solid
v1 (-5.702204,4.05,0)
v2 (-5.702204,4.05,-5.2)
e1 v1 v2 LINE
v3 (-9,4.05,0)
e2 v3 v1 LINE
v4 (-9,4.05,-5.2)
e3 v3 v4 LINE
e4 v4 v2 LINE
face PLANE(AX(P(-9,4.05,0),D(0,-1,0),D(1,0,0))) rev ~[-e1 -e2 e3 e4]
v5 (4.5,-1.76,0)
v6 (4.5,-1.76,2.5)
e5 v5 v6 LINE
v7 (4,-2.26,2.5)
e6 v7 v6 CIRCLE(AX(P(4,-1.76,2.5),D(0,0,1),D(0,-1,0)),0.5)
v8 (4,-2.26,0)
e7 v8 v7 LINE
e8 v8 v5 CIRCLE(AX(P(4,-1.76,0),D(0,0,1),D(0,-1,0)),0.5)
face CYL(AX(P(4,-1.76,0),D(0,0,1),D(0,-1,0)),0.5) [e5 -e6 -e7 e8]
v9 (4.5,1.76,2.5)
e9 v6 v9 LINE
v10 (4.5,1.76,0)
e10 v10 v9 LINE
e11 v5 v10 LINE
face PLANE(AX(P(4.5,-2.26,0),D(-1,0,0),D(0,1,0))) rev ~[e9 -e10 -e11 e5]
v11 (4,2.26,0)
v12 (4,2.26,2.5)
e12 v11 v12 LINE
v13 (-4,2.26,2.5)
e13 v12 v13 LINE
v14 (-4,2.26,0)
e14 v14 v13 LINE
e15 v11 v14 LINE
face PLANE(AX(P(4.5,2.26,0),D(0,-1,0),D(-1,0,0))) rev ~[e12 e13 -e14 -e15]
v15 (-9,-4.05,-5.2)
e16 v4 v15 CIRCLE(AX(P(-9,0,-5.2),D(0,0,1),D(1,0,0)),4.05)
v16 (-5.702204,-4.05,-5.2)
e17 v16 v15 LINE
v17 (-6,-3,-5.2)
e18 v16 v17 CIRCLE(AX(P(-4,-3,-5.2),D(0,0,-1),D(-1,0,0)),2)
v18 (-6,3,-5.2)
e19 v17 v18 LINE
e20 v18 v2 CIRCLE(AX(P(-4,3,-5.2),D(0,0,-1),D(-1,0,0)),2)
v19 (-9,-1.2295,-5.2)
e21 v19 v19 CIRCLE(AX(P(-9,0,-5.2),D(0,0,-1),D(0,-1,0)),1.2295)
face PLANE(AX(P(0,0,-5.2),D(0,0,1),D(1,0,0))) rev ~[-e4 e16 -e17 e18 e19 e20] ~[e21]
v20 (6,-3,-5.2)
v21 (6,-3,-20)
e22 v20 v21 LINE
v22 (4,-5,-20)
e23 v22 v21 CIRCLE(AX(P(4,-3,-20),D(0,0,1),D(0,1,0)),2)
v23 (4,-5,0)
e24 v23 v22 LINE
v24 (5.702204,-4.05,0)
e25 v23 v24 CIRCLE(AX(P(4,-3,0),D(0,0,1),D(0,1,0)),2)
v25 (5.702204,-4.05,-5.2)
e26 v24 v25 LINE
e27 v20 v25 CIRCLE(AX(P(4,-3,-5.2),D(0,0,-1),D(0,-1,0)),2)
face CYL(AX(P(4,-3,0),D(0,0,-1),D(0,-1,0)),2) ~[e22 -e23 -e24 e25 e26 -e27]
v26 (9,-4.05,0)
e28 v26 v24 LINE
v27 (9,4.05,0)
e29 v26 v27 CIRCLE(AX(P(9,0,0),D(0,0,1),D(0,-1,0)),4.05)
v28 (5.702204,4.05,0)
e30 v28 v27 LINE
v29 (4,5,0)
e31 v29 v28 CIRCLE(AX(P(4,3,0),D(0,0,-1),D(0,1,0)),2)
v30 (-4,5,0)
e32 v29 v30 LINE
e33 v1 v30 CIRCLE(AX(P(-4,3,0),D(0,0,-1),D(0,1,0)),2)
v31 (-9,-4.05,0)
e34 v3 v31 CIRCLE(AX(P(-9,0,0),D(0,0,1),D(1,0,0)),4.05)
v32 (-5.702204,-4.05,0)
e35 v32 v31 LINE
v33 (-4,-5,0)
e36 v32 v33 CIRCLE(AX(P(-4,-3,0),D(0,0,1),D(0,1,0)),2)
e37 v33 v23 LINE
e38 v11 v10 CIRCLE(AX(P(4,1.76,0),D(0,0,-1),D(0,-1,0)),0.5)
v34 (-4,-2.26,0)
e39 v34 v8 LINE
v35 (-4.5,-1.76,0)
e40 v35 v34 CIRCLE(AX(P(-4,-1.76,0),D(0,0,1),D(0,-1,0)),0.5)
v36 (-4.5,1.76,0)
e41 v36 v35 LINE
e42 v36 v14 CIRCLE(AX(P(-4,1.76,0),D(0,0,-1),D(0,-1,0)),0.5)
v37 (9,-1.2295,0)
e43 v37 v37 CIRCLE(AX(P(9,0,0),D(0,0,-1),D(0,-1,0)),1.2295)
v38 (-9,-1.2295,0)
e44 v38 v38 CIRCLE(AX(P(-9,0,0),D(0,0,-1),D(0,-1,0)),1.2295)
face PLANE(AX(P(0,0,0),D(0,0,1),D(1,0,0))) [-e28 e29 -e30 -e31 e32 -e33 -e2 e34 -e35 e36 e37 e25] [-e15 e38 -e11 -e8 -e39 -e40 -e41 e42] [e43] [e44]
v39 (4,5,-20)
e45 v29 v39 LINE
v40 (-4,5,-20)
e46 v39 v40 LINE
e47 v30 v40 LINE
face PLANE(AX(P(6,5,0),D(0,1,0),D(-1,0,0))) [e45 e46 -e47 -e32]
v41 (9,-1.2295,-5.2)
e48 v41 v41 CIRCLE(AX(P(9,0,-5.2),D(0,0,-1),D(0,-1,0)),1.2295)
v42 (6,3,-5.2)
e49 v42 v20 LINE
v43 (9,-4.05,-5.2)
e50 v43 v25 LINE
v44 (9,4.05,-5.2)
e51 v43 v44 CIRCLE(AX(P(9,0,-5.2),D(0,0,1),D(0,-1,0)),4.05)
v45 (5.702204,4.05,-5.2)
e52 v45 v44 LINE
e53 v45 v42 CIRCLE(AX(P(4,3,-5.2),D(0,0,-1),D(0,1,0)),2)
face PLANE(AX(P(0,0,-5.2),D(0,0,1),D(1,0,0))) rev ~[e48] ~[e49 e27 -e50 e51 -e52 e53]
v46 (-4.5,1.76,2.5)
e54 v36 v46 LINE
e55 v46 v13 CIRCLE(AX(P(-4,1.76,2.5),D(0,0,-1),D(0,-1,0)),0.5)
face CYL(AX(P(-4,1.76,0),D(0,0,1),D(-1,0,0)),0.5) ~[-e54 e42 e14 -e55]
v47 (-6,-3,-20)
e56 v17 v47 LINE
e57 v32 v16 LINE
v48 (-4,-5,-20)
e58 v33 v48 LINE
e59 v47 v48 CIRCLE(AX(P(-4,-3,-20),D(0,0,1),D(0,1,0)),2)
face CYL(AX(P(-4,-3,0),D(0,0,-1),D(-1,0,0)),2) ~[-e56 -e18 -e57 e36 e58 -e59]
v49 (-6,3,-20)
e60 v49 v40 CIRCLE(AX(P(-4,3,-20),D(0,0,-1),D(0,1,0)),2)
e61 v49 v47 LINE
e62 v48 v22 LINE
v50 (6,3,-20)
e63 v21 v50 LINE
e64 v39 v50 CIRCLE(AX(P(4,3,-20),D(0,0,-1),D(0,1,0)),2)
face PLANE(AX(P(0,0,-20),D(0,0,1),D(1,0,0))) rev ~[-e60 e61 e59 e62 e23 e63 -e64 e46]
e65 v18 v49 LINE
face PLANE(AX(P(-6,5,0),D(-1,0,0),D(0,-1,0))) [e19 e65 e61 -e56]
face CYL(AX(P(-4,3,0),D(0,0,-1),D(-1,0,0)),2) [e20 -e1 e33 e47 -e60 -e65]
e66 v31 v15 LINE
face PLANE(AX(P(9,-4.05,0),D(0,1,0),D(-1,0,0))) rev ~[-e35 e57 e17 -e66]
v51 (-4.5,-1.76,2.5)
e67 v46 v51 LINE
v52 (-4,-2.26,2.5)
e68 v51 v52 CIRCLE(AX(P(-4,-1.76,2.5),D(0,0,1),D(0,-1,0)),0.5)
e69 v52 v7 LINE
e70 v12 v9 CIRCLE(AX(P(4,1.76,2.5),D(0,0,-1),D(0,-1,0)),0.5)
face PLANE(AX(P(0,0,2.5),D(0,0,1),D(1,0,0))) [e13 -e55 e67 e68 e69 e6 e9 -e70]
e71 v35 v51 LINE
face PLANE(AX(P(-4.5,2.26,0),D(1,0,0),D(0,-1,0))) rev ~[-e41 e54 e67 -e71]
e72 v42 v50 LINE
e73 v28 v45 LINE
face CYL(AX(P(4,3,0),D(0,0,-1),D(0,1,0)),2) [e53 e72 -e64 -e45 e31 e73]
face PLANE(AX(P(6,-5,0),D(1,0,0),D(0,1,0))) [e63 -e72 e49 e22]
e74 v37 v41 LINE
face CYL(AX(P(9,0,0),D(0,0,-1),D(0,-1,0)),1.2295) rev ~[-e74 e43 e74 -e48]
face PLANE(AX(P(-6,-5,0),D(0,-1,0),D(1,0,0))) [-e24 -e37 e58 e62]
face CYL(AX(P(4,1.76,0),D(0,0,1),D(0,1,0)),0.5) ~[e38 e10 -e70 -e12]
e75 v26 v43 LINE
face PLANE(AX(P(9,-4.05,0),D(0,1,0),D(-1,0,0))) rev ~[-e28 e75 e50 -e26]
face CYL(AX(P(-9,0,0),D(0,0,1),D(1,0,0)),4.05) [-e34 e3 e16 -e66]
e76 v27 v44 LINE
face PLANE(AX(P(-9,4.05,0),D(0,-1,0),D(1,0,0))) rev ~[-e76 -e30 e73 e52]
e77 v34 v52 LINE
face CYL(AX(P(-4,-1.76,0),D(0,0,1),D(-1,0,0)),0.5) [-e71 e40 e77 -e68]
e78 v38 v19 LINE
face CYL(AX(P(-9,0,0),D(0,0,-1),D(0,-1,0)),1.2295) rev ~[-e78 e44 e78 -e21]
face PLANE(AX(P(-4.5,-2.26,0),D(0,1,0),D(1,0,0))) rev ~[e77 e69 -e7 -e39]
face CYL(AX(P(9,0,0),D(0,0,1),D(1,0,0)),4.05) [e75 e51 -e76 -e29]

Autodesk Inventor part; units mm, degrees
ref_plane "YZ Plane" through (0, 0, 0) normal (1, 0, 0) x (0, 1, 0)
ref_plane "XZ Plane" through (0, 0, 0) normal (0, 1, 0) x (-1, 0, 0)
ref_plane "XY Plane" through (0, 0, 0) normal (0, 0, 1) x (1, 0, 0)
sketch "Sketch1" plane through (0, 0, 0) normal (0, 0, 1) x (1, 0, 0)
  line L0 (-4.5, -2.26) -> (4.5, -2.26)
  line L1 (4.5, -2.26) -> (4.5, 2.26)
  line L2 (4.5, 2.26) -> (-4.5, 2.26)
  line L3 (-4.5, 2.26) -> (-4.5, -2.26)
  line L4 (-4.5, -2.26) -> (4.5, 2.26) construction
  line L5 (4.5, -2.26) -> (-4.5, 2.26) construction
  point P0 (0, 0)
  dimension "d0" = 9
  dimension "d1" = 4.52
extrude "Extrusion1" add sketch "Sketch1" along normal blind 2.5
sketch "Sketch2" plane through (0, 0, 0) normal (0, 0, 1) x (1, 0, 0)
  line L0 (-6, -5) -> (6, -5)
  line L1 (6, -5) -> (6, 5)
  line L2 (6, 5) -> (-6, 5)
  line L3 (-6, 5) -> (-6, -5)
  line L4 (-6, -5) -> (6, 5) construction
  line L5 (6, -5) -> (-6, 5) construction
  point P0 (0, 0)
  dimension "d4" = 12
  dimension "d5" = 10
extrude "Extrusion2" add sketch "Sketch2" against normal blind 20
fillet "Fillet1" radius 2 4 edges at (-6, 5, -10) (6, 5, -10) (6, -5, -10) (-6, -5, -10)
sketch "Sketch3" plane through (0, 0, 0) normal (0, 0, 1) x (1, 0, 0)
  line L0 (-9, 0) -> (9, 0) construction
  circle A0 centre (-9, 0) radius 4.05
  circle A1 centre (9, 0) radius 4.05
  line L1 (-9, 4.05) -> (9, 4.05)
  line L2 (9, 4.05) -> (9, -4.05)
  line L3 (9, -4.05) -> (-9, -4.05)
  line L4 (-9, -4.05) -> (-9, 4.05)
  point P0 (0, 0)
  point P1 (0, 0)
  dimension "d10" = 8.1
  dimension "d9" = 18
extrude "Extrusion3" add sketch "Sketch3" against normal blind 5.2
hole "Hole1" at (-9, 0, 0) at (9, 0, 0) direction (0, 0, -1) diameter 2.459 end through all thread size "M3x0.5" class "6H" standard "ISO Metric profile"
fillet "Fillet2" radius 0.5 4 edges at (-4.5, 2.26, 1.25) (4.5, 2.26, 1.25) (4.5, -2.26, 1.25) (-4.5, -2.26, 1.25)
properties part number "103367_Panel_Side_USB"
